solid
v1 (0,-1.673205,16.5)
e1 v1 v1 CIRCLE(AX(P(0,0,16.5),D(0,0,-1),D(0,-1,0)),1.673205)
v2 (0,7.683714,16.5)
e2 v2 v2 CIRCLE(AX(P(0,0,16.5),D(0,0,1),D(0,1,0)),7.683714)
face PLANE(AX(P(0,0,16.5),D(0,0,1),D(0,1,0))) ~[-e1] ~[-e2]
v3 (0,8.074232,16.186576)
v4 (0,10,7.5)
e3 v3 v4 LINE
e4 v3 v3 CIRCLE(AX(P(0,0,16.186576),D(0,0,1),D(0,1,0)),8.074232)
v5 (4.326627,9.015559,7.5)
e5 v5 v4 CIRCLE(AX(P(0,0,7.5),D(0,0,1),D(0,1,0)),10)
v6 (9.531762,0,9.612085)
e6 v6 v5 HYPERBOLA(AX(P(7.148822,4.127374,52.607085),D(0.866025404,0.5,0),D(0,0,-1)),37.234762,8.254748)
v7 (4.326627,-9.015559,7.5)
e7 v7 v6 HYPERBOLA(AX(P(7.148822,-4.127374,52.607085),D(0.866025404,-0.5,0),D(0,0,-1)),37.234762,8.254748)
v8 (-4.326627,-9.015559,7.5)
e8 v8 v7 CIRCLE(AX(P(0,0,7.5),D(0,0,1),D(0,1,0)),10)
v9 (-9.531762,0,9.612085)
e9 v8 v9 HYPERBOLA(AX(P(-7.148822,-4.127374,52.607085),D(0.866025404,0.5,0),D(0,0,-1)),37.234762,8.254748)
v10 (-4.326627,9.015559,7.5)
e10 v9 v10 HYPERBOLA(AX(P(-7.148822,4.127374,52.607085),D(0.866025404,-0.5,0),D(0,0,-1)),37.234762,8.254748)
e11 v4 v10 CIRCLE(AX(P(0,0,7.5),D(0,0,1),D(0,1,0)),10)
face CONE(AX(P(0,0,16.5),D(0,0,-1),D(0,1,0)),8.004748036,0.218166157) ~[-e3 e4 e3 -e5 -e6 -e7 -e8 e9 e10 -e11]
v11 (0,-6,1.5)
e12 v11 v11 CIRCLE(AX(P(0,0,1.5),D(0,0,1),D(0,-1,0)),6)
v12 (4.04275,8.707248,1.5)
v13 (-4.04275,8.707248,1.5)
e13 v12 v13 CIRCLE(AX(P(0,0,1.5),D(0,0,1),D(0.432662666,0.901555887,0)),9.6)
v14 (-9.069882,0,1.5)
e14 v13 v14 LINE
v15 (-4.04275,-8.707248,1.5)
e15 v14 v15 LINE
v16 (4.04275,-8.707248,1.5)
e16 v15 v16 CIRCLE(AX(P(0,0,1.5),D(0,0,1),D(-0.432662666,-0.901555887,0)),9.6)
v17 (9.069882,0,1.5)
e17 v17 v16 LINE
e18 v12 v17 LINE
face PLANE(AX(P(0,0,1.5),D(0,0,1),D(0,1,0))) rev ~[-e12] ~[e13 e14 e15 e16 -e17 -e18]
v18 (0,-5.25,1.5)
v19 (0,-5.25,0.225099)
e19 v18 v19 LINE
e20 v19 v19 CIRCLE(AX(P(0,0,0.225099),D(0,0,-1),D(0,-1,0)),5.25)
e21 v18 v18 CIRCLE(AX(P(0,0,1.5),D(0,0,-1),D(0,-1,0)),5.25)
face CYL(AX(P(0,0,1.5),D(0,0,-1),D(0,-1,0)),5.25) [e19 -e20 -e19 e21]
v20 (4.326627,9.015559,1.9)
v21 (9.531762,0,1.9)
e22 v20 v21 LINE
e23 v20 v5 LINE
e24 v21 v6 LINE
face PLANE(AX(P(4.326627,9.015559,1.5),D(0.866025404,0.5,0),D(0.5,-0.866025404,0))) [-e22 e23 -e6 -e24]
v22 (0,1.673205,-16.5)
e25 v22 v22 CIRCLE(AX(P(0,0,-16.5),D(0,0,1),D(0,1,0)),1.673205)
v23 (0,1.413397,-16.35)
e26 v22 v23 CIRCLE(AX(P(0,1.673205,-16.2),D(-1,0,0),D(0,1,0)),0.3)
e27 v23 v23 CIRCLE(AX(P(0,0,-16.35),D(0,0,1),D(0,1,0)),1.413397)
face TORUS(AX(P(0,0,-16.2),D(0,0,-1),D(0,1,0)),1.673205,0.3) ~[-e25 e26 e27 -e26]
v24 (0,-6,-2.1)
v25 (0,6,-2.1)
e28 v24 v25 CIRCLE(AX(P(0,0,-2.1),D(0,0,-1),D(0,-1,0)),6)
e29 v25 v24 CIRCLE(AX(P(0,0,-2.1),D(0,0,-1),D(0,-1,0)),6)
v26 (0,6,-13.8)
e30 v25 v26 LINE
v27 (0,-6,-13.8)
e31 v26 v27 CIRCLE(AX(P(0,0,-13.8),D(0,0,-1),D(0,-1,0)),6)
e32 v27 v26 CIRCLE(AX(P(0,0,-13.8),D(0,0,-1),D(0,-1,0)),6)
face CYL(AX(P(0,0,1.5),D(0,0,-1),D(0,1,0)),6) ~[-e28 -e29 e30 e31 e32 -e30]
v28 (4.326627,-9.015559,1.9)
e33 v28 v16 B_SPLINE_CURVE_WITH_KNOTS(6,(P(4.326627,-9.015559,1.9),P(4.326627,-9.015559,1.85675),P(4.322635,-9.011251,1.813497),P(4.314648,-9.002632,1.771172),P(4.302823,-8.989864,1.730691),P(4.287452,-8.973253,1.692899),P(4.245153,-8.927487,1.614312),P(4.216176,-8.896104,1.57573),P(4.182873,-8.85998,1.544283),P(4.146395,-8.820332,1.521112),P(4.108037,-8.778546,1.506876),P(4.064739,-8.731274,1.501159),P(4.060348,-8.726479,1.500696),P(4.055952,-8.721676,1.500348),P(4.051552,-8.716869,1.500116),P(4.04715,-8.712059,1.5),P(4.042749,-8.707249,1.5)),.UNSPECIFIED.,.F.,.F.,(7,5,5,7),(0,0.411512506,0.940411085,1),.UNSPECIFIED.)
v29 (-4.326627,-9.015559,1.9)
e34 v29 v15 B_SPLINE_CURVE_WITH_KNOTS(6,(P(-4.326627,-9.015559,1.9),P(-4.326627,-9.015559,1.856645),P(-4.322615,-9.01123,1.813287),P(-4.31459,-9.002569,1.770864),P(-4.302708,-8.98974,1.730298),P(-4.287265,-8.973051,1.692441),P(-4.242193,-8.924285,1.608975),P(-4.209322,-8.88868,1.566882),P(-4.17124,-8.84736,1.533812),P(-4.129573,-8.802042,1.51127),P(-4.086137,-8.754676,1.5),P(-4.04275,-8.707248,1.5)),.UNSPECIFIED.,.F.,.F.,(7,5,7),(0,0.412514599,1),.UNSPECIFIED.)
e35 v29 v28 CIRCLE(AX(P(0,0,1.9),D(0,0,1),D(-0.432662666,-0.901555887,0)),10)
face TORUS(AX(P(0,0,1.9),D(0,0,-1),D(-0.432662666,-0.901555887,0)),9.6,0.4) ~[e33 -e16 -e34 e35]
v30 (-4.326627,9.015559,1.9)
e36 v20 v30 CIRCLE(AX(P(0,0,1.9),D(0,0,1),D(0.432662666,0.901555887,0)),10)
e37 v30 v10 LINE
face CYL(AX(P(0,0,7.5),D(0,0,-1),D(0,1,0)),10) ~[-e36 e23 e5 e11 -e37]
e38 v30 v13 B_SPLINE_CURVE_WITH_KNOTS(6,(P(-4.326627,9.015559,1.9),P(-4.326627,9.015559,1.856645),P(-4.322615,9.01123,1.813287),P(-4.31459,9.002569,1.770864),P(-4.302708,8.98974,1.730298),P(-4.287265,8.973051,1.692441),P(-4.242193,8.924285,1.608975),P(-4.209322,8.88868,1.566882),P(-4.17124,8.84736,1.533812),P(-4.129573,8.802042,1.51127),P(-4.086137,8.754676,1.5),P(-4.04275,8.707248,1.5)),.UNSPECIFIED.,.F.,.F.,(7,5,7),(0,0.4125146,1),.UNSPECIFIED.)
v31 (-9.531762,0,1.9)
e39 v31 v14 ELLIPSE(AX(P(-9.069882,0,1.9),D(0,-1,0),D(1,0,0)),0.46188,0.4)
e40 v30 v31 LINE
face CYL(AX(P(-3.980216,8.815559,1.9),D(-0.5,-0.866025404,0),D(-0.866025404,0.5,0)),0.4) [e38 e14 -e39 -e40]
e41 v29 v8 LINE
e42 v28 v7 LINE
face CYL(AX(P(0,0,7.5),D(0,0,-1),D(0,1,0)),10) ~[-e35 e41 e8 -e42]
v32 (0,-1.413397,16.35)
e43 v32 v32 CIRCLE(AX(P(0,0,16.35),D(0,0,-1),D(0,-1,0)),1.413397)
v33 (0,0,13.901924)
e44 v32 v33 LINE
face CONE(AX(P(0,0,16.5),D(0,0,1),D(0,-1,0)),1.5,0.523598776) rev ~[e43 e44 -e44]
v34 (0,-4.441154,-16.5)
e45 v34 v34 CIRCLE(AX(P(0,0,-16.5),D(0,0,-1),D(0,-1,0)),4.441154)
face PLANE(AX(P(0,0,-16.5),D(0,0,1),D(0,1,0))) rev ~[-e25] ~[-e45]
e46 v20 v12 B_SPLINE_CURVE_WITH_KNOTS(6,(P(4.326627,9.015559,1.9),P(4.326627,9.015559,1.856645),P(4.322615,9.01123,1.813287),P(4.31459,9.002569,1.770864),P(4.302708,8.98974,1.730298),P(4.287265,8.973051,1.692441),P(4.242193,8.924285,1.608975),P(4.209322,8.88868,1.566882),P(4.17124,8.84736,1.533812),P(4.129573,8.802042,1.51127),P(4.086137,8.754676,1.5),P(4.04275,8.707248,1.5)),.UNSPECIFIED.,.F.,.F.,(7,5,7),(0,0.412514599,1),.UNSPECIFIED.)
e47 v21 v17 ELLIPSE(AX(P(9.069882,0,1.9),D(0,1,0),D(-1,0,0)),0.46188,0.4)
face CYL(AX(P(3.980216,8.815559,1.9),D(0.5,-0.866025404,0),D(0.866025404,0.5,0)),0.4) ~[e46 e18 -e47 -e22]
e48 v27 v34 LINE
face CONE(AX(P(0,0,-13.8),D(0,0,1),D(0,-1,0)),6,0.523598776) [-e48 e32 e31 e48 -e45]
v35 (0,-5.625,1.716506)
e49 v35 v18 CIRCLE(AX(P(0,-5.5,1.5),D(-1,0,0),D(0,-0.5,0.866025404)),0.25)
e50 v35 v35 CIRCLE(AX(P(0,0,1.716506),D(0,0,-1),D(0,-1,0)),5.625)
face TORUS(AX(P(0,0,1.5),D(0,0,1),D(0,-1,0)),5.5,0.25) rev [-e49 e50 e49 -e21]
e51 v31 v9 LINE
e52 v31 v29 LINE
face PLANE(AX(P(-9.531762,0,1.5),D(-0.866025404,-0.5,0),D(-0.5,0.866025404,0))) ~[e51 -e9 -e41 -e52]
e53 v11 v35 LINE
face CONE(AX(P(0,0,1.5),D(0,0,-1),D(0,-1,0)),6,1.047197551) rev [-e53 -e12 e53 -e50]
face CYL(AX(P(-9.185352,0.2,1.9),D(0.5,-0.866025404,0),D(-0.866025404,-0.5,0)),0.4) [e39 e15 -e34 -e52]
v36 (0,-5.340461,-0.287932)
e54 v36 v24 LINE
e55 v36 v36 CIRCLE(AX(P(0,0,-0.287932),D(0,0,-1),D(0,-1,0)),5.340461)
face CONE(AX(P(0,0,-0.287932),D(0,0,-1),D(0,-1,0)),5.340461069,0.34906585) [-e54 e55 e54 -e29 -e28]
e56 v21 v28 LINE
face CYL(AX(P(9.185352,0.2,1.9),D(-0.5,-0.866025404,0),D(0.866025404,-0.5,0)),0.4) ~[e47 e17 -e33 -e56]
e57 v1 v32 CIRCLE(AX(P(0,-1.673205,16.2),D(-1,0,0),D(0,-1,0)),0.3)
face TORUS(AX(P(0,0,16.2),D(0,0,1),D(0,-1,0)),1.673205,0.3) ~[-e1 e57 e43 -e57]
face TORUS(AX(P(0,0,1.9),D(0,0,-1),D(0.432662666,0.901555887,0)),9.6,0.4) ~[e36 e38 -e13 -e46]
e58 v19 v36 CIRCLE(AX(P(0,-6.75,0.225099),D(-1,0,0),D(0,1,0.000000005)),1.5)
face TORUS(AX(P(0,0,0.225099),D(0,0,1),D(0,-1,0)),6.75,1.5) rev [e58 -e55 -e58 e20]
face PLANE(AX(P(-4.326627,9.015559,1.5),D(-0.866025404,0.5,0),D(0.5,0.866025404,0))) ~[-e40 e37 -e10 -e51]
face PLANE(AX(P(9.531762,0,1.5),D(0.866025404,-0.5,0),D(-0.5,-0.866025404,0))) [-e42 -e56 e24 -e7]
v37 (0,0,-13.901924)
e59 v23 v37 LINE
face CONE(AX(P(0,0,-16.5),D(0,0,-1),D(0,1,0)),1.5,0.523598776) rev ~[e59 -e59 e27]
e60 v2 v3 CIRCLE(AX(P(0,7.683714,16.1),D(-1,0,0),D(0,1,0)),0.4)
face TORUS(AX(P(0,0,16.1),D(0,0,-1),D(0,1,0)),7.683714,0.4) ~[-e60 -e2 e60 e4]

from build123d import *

# Parameters (mm, degrees)
CUT_EXTRUDE4_DEPTH = 23.891046285
FILLET1_R          = 0.4
FILLET2_R          = 0.4
FILLET3_R          = 0.3


with BuildPart() as part:
    # Sketch3 → Revolve2 (revolve)
    with BuildSketch(Plane(origin=(0, 0, 0), x_dir=(0, 0, -1), z_dir=(1, 0, 0))):
        Polygon((-16.5, 0), (-16.5, 8.004748036), (-7.5, 10), (-1.5, 10), (-1.5, 6), (16.5, 6), (16.5, 0), align=None)
    revolve(axis=Axis((0, 0, -16.5), (0, 0, 1)))

    # Sketch14 → Cut-Extrude4 (cut, through all)
    with BuildSketch(Plane(origin=(0, 0, 1.5), x_dir=(-1, 0, 0), z_dir=(0, 0, -1))):
        Polygon((-9.531762002, 0), (-4.326626661, -9.01555887), (0.878508679, -18.03111774), (-12.531762002, -18.03111774), (-12.531762002, 18.03111774), (0.878508679, 18.03111774), (-4.326626661, 9.01555887), align=None)
    cut_extrude4 = extrude(amount=-CUT_EXTRUDE4_DEPTH, mode=Mode.SUBTRACT)

    # Mirror1: Cut-Extrude4 across plane
    add(cut_extrude4.mirror(Plane(origin=(0, 0, 0), x_dir=(0, 0, 1), z_dir=(1, 0, 0))), mode=Mode.SUBTRACT)

    # Sketch16 → Cut-Revolve1 (revolve, cut)
    with BuildSketch(Plane(origin=(0, 0, 0), x_dir=(0, 0, -1), z_dir=(1, 0, 0)), mode=Mode.PRIVATE) as cut_revolve1_sk:
        with BuildLine():
            Line((-1.5, 6), (-1.716506351, 5.625))
            ThreePointArc((-1.716506351, 5.625), (-1.716506351, 5.375), (-1.5, 5.25))
            Line((-1.5, 5.25), (-0.225098536, 5.25))
            ThreePointArc((-0.225098536, 5.25), (0.035373731, 5.27278837), (0.287931679, 5.340461069))
            Line((0.287931679, 5.340461069), (2.1, 6))
            Line((2.1, 6), (-1.5, 6))
        make_face()
        Polygon((13.8, 6), (16.5, 4.441154273), (16.5, 6), align=None)
    revolve(cut_revolve1_sk.sketch.rotate(Axis((0, 0, 16.5), (0, 0, -1)), 180), axis=Axis((0, 0, 16.5), (0, 0, -1)), mode=Mode.SUBTRACT)

    # Cut-Extrude2 cone 1 section (through the dimple's axis) → Cut-Extrude2 (revolve, cut)
    with BuildSketch(Plane(origin=(0, 0, 16.5), x_dir=(0, -1, 0), z_dir=(1, 0, 0))):
        Polygon((0, 0), (1.5, 0), (0, 2.598076211), align=None)
    revolve(axis=Axis((0, 0, 16.5), (0, 0, -1)), mode=Mode.SUBTRACT)

    # Cut-Extrude5 cone 1 section (through the dimple's axis) → Cut-Extrude5 (revolve, cut)
    with BuildSketch(Plane(origin=(0, 0, -16.5), x_dir=(0, 1, 0), z_dir=(1, 0, 0))):
        Polygon((0, 0), (1.5, 0), (0, 2.598076211), align=None)
    revolve(axis=Axis((0, 0, -16.5), (0, 0, 1)), mode=Mode.SUBTRACT)

    # Fillet1
    fillet1_edges = [part.edges().sort_by_distance(p)[0] for p in [
        (0, -8.004748036, 16.5),
    ]]
    fillet(fillet1_edges, radius=FILLET1_R)

    # Fillet2
    fillet2_edges = [part.edges().sort_by_distance(p)[0] for p in [
        (0, -10, 1.5),
        (6.929194331, -4.507779435, 1.5),
        (6.929194331, 4.507779435, 1.5),
        (0, 10, 1.5),
        (-6.929194331, -4.507779435, 1.5),
        (-6.929194331, 4.507779435, 1.5),
    ]]
    fillet(fillet2_edges, radius=FILLET2_R)

    # Fillet3
    fillet3_edges = [part.edges().sort_by_distance(p)[0] for p in [
        (0, 1.5, 16.5),
        (0, -1.5, -16.5),
    ]]
    fillet(fillet3_edges, radius=FILLET3_R)


solid = part.part
